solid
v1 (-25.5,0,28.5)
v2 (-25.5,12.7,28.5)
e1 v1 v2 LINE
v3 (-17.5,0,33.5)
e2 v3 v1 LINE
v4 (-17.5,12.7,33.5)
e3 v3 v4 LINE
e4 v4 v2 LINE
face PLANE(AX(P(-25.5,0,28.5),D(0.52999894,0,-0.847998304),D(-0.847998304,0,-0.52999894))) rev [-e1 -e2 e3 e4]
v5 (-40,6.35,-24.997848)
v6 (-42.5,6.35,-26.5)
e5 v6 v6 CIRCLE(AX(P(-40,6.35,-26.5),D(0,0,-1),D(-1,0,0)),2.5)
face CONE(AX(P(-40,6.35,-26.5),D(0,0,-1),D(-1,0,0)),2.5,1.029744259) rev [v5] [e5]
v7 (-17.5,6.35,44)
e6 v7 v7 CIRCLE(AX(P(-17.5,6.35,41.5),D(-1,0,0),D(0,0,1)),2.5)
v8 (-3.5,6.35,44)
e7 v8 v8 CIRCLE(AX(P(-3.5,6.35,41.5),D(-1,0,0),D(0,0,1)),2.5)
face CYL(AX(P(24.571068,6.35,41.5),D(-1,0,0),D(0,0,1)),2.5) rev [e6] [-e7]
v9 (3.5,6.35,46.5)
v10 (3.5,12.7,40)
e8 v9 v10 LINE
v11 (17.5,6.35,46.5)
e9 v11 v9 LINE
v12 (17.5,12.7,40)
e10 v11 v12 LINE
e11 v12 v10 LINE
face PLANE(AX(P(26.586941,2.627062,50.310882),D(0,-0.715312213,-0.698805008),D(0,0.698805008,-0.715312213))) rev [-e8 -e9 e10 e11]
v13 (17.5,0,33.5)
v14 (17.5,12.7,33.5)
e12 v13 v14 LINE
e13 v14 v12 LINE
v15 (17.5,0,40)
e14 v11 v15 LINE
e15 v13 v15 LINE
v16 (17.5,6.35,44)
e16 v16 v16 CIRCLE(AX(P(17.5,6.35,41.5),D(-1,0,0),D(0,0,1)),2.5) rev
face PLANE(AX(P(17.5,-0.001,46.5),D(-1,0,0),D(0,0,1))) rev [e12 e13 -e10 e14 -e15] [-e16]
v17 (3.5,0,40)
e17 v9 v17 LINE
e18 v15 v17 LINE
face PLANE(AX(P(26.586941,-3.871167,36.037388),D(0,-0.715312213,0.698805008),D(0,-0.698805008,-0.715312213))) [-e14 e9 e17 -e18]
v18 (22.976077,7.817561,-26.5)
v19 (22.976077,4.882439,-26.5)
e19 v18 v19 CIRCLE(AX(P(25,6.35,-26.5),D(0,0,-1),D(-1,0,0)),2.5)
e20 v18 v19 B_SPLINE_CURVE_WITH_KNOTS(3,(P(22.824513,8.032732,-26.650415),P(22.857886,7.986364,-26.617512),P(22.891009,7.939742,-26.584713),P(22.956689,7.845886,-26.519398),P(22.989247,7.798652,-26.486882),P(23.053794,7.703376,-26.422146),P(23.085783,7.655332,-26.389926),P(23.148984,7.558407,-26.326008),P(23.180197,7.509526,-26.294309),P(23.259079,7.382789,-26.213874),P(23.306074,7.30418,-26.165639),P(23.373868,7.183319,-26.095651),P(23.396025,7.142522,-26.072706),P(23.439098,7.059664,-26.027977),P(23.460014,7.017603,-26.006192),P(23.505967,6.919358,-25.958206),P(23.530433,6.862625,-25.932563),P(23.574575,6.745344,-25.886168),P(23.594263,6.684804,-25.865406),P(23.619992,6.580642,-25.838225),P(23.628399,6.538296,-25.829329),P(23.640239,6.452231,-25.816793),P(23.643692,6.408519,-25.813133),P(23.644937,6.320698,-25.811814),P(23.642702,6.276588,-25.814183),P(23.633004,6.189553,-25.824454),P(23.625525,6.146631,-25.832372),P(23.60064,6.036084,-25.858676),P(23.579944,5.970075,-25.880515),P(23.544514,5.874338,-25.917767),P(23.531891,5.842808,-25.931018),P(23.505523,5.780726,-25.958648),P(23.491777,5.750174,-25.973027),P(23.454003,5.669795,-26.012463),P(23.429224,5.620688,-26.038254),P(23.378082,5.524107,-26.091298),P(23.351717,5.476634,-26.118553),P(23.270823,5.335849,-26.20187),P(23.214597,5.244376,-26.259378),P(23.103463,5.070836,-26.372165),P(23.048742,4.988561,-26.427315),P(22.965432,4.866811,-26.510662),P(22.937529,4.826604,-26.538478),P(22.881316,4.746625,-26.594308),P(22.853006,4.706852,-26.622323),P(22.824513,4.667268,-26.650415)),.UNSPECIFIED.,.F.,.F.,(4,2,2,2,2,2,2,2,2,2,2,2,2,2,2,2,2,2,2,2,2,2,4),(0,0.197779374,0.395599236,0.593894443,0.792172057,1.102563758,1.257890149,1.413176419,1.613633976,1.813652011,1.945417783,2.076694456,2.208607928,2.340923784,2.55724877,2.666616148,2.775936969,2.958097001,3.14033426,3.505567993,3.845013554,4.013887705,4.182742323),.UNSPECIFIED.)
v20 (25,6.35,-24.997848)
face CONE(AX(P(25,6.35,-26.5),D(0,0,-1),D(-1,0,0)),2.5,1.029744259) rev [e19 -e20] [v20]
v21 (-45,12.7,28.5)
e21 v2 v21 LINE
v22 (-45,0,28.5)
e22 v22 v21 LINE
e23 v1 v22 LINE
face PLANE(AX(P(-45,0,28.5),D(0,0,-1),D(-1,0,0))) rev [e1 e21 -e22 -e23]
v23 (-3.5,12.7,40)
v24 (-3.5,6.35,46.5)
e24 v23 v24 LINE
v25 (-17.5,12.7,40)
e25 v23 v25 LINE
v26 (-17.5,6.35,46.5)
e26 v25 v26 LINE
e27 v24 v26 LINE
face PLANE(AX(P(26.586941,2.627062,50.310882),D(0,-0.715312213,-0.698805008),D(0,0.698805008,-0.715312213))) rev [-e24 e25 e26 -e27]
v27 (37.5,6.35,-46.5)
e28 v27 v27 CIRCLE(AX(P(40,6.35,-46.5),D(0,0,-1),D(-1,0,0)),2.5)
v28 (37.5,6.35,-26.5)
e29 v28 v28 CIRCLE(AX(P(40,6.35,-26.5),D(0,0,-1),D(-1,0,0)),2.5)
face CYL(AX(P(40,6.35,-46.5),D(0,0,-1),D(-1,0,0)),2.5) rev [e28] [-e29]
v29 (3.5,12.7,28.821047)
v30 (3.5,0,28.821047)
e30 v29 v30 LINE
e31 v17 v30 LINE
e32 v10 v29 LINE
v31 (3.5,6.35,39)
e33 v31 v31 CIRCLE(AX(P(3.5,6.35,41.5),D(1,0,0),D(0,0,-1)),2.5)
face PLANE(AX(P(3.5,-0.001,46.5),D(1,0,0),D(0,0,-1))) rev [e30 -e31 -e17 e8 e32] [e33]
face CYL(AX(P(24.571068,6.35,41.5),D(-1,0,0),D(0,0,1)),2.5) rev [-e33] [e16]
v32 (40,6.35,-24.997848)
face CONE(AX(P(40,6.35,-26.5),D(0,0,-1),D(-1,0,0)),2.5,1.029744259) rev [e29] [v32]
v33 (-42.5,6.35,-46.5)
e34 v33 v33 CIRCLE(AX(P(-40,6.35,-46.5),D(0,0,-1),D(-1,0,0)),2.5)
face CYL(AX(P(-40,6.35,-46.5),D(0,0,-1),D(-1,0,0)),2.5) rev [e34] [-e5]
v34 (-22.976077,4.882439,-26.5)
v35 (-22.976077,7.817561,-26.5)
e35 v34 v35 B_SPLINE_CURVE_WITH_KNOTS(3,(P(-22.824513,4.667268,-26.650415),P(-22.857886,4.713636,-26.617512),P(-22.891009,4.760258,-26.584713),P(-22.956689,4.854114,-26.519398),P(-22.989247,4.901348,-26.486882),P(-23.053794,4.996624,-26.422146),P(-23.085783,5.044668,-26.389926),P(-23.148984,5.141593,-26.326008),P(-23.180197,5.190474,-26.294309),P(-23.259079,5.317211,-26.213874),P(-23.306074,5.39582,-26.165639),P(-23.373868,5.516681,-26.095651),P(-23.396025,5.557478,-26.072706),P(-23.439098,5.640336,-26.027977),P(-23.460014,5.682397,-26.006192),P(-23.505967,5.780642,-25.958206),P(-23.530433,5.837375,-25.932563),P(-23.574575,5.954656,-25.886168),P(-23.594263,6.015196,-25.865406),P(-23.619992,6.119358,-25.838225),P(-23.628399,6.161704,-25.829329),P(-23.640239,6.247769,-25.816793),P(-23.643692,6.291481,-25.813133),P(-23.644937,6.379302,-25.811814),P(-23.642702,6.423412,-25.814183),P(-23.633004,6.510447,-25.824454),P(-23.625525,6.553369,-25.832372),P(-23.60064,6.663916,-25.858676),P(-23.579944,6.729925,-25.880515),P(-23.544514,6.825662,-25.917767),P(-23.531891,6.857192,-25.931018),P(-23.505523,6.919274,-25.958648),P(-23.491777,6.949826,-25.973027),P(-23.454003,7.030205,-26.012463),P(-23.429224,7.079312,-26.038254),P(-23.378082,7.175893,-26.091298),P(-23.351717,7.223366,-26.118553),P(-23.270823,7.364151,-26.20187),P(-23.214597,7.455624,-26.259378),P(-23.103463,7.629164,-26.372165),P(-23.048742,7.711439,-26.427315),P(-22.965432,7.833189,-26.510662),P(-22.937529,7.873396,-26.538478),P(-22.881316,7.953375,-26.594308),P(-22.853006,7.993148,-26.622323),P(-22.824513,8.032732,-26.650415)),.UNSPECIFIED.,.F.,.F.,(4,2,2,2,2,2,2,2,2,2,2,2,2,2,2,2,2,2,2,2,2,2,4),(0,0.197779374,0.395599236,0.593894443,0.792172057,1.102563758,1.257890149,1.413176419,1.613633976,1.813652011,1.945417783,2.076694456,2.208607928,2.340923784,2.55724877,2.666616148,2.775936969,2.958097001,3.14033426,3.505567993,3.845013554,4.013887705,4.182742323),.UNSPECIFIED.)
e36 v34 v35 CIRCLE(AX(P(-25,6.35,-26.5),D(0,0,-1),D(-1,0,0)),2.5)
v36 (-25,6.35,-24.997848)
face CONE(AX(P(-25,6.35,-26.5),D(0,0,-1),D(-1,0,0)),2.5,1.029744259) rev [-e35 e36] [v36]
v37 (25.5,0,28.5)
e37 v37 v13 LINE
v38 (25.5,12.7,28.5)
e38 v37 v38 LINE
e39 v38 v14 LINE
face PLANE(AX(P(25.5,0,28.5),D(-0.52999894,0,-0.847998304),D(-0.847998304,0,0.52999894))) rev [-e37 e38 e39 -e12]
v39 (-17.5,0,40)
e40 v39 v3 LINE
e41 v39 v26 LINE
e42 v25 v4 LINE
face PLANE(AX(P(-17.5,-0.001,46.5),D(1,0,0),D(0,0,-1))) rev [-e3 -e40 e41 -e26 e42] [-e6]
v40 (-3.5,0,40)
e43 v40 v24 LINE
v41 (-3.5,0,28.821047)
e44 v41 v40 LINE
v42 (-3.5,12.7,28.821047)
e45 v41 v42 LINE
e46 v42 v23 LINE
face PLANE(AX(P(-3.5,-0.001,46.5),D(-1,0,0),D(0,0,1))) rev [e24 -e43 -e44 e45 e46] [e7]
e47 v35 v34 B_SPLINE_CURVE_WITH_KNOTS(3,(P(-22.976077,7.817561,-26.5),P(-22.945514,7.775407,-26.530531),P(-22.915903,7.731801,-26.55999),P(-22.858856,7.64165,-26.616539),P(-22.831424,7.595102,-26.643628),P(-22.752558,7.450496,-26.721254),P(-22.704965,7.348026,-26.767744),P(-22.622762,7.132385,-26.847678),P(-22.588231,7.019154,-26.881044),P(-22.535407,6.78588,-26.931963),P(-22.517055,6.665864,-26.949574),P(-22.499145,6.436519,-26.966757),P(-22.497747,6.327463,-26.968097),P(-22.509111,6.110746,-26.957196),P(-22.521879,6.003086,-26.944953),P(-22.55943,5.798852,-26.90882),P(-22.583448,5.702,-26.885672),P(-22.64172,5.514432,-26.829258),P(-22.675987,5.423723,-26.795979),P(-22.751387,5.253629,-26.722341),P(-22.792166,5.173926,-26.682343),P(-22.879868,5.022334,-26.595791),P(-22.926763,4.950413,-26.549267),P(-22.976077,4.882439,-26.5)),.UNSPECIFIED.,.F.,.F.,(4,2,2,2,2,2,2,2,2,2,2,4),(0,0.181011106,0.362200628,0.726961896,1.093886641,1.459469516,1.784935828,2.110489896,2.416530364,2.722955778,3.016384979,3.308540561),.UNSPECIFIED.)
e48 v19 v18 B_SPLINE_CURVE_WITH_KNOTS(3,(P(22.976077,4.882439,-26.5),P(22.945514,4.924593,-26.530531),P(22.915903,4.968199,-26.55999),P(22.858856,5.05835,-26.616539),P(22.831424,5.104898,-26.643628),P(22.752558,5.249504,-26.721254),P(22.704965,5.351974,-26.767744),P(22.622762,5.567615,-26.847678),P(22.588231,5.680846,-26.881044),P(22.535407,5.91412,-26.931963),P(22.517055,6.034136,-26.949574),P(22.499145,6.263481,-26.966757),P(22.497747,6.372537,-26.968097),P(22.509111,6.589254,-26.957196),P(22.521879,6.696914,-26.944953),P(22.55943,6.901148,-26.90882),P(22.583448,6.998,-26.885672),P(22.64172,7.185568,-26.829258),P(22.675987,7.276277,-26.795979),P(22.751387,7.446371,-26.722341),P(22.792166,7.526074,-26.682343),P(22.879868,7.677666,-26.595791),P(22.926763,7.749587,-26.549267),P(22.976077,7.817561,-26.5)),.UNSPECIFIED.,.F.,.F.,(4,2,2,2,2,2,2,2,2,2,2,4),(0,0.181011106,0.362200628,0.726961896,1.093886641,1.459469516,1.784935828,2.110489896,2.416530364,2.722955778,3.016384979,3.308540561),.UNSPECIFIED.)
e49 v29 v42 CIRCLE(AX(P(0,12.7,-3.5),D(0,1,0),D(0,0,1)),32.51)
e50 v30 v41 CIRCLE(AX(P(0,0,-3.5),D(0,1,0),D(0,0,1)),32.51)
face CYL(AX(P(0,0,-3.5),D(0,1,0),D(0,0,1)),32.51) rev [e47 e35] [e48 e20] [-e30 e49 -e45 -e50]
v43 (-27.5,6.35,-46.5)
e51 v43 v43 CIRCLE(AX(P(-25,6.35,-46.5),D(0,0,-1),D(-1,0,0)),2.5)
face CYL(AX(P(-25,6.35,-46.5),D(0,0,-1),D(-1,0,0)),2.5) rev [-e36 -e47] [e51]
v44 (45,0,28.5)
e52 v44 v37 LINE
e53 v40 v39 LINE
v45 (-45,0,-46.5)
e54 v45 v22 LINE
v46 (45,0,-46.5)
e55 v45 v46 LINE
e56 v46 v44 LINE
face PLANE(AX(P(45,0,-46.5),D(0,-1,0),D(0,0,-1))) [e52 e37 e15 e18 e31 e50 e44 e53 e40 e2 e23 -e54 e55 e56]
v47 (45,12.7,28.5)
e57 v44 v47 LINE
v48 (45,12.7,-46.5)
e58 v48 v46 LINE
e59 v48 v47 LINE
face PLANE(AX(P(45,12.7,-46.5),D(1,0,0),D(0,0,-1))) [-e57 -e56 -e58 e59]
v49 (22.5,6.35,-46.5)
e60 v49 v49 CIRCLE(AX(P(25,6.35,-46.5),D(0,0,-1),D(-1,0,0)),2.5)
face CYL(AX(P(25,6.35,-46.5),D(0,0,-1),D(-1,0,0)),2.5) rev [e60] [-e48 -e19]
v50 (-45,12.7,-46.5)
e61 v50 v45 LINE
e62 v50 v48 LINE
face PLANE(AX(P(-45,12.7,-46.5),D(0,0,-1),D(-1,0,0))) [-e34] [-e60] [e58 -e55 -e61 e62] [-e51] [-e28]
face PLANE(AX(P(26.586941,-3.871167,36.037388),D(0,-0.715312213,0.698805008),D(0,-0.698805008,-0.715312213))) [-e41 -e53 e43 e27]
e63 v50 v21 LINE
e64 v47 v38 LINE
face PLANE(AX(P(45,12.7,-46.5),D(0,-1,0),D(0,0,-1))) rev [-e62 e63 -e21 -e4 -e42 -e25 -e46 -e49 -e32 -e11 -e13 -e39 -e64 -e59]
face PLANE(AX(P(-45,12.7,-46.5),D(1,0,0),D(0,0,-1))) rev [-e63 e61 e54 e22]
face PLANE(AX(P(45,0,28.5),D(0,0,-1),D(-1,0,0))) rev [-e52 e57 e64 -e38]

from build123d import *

# Parameters (mm, degrees)
ESBO_O1_W                          = 90
ESBO_O1_H                          = 93
RESSALTO_EXTRUS_O1_DEPTH           = 12.7
ESBO_O3_R                          = 32.51
CORTE_EXTRUS_O2_DEPTH              = 66.943460631
CORTE_EXTRUS_O4_REACH              = 67.943
ESBO_O5_W                          = 27.5
ESBO_O5_H                          = 13
CORTE_EXTRUS_O5_REACH              = 67.943
ESBO_O6_W                          = 7
ESBO_O6_H                          = 26.329700269
CORTE_EXTRUS_O6_REACH              = 80.929
ESBO_O7_R                          = 2.5
CORTE_EXTRUS_O7_REACH              = 80.929
CORTE_EXTRUS_O8_DEPTH              = 66.943460631
TALADRO_DE_MARGEN_PARA_00001_D     = 5
TALADRO_DE_MARGEN_PARA_00001_DEPTH = 20
TALADRO_DE_MARGEN_PARA_00001_TIP   = 1.502151548


with BuildPart() as part:
    # Esboço1 → Ressalto-extrusão1 (new body)
    with BuildSketch(Plane(origin=(0, 0, 0), x_dir=(1, 0, 0), z_dir=(0, 1, 0))):
        Rectangle(ESBO_O1_W, ESBO_O1_H)
    extrude(amount=RESSALTO_EXTRUS_O1_DEPTH)

    # Esboço3 → Corte-extrusão2 (cut, through all)
    with BuildSketch(Plane(origin=(0, 12.7, 0), x_dir=(1, 0, 0), z_dir=(0, 1, 0))):
        with Locations(Location((0, 3.5, 0), (0, 0, 270))):
            Circle(ESBO_O3_R)
    extrude(amount=-CORTE_EXTRUS_O2_DEPTH, mode=Mode.SUBTRACT)

    # Esboço5 → Corte-extrusão4 (cut, up to next)
    with BuildSketch(Plane(origin=(0, 12.7, 0), x_dir=(1, 0, 0), z_dir=(0, 1, 0)), mode=Mode.PRIVATE) as corte_extrus_o4_sk1:
        with Locations((31.25, -40)):
            Rectangle(ESBO_O5_W, ESBO_O5_H)
    corte_extrus_o4_tool1 = extrude(corte_extrus_o4_sk1.sketch, amount=-CORTE_EXTRUS_O4_REACH, mode=Mode.PRIVATE) & part.part
    # Esboço5 → Corte-extrusão4 (cut, up to next)
    with BuildSketch(Plane(origin=(0, 12.7, 0), x_dir=(1, 0, 0), z_dir=(0, 1, 0)), mode=Mode.PRIVATE) as corte_extrus_o4_sk2:
        with Locations((-31.25, -40)):
            Rectangle(ESBO_O5_W, ESBO_O5_H)
    corte_extrus_o4_tool2 = extrude(corte_extrus_o4_sk2.sketch, amount=-CORTE_EXTRUS_O4_REACH, mode=Mode.PRIVATE) & part.part
    add(corte_extrus_o4_tool1.solids().sort_by_distance((31.25, 12.7, 40))[0], mode=Mode.SUBTRACT)
    add(corte_extrus_o4_tool2.solids().sort_by_distance((-31.25, 12.7, 40))[0], mode=Mode.SUBTRACT)

    # Esboço6 → Corte-extrusão5 (cut, up to next)
    with BuildSketch(Plane(origin=(0, 12.7, 0), x_dir=(1, 0, 0), z_dir=(0, 1, 0)), mode=Mode.PRIVATE) as corte_extrus_o5_sk1:
        with Locations((0, -33.335149866)):
            Rectangle(ESBO_O6_W, ESBO_O6_H)
    corte_extrus_o5_tool1 = extrude(corte_extrus_o5_sk1.sketch, amount=-CORTE_EXTRUS_O5_REACH, mode=Mode.PRIVATE) & part.part
    add(corte_extrus_o5_tool1.solids().sort_by_distance((0, 12.7, 33.33515))[0], mode=Mode.SUBTRACT)

    # Corte-extrusão6: up to this face of the body (flat: up to its plane)
    corte_extrus_o6_end = Plane(part.part.faces().sort_by_distance((17.5, 6.35, 40))[0])
    # Esboço7 → Corte-extrusão6 (cut, up to the picked face)
    with BuildSketch(Plane.ZY.offset(17.5), mode=Mode.PRIVATE) as corte_extrus_o6_sk1:
        with Locations((41.5, 6.35)):
            Circle(ESBO_O7_R)
    corte_extrus_o6_tool1 = split(extrude(corte_extrus_o6_sk1.sketch, amount=-CORTE_EXTRUS_O6_REACH, mode=Mode.PRIVATE), bisect_by=corte_extrus_o6_end, keep=Keep.BOTH, mode=Mode.PRIVATE)
    add(corte_extrus_o6_tool1.solids().sort_by(Axis((-17.5, 6.35, 41.5), (1, 0, 0)))[0], mode=Mode.SUBTRACT)

    # Corte-extrusão7: up to this face of the body (flat: up to its plane)
    corte_extrus_o7_end = Plane(part.part.faces().sort_by_distance((17.5, 12.518261176, 40))[0])
    # Esboço8 → Corte-extrusão7 (cut, up to the picked face)
    with BuildSketch(Plane.ZY.offset(17.5), mode=Mode.PRIVATE) as corte_extrus_o7_sk1:
        Polygon((46.5, 12.7), (40, 12.7), (46.5, 6.35), align=None)
    corte_extrus_o7_tool1 = split(extrude(corte_extrus_o7_sk1.sketch, amount=-CORTE_EXTRUS_O7_REACH, mode=Mode.PRIVATE), bisect_by=corte_extrus_o7_end, keep=Keep.BOTH, mode=Mode.PRIVATE)
    # Esboço8 → Corte-extrusão7 (cut, up to the picked face)
    with BuildSketch(Plane.ZY.offset(17.5), mode=Mode.PRIVATE) as corte_extrus_o7_sk2:
        Polygon((46.5, 0), (46.5, 6.35), (40, 0), align=None)
    corte_extrus_o7_tool2 = split(extrude(corte_extrus_o7_sk2.sketch, amount=-CORTE_EXTRUS_O7_REACH, mode=Mode.PRIVATE), bisect_by=corte_extrus_o7_end, keep=Keep.BOTH, mode=Mode.PRIVATE)
    add(corte_extrus_o7_tool1.solids().sort_by(Axis((-17.5, 10.583333, 44.333333), (1, 0, 0)))[0], mode=Mode.SUBTRACT)
    add(corte_extrus_o7_tool2.solids().sort_by(Axis((-17.5, 2.116667, 44.333333), (1, 0, 0)))[0], mode=Mode.SUBTRACT)

    # Esboço9 → Corte-extrusão8 (cut, through all)
    with BuildSketch(Plane(origin=(0, 12.7, 0), x_dir=(-1, 0, 0), z_dir=(0, 1, 0))):
        Polygon((45, 28.5), (25.5, 28.5), (17.5, 33.5), (25.5, 33.5), (45, 33.5), align=None)
        Polygon((-45, 33.5), (-25.5, 33.5), (-17.5, 33.5), (-25.5, 28.5), (-45, 28.5), align=None)
    extrude(amount=-CORTE_EXTRUS_O8_DEPTH, mode=Mode.SUBTRACT)

    # Taladro de margen para #00001
    with Locations(Plane(origin=(0, 0, -46.5), x_dir=(-1, 0, 0), z_dir=(0, 0, -1))):
        with Locations((-40, 6.35), (-25, 6.35), (40, 6.35), (25, 6.35)):
            Hole(TALADRO_DE_MARGEN_PARA_00001_D / 2, depth=TALADRO_DE_MARGEN_PARA_00001_DEPTH)
            with Locations((0, 0, -(TALADRO_DE_MARGEN_PARA_00001_DEPTH + TALADRO_DE_MARGEN_PARA_00001_TIP / 2))):  # 118° drill point
                Cone(0, TALADRO_DE_MARGEN_PARA_00001_D / 2, TALADRO_DE_MARGEN_PARA_00001_TIP, mode=Mode.SUBTRACT)


solid = part.part
